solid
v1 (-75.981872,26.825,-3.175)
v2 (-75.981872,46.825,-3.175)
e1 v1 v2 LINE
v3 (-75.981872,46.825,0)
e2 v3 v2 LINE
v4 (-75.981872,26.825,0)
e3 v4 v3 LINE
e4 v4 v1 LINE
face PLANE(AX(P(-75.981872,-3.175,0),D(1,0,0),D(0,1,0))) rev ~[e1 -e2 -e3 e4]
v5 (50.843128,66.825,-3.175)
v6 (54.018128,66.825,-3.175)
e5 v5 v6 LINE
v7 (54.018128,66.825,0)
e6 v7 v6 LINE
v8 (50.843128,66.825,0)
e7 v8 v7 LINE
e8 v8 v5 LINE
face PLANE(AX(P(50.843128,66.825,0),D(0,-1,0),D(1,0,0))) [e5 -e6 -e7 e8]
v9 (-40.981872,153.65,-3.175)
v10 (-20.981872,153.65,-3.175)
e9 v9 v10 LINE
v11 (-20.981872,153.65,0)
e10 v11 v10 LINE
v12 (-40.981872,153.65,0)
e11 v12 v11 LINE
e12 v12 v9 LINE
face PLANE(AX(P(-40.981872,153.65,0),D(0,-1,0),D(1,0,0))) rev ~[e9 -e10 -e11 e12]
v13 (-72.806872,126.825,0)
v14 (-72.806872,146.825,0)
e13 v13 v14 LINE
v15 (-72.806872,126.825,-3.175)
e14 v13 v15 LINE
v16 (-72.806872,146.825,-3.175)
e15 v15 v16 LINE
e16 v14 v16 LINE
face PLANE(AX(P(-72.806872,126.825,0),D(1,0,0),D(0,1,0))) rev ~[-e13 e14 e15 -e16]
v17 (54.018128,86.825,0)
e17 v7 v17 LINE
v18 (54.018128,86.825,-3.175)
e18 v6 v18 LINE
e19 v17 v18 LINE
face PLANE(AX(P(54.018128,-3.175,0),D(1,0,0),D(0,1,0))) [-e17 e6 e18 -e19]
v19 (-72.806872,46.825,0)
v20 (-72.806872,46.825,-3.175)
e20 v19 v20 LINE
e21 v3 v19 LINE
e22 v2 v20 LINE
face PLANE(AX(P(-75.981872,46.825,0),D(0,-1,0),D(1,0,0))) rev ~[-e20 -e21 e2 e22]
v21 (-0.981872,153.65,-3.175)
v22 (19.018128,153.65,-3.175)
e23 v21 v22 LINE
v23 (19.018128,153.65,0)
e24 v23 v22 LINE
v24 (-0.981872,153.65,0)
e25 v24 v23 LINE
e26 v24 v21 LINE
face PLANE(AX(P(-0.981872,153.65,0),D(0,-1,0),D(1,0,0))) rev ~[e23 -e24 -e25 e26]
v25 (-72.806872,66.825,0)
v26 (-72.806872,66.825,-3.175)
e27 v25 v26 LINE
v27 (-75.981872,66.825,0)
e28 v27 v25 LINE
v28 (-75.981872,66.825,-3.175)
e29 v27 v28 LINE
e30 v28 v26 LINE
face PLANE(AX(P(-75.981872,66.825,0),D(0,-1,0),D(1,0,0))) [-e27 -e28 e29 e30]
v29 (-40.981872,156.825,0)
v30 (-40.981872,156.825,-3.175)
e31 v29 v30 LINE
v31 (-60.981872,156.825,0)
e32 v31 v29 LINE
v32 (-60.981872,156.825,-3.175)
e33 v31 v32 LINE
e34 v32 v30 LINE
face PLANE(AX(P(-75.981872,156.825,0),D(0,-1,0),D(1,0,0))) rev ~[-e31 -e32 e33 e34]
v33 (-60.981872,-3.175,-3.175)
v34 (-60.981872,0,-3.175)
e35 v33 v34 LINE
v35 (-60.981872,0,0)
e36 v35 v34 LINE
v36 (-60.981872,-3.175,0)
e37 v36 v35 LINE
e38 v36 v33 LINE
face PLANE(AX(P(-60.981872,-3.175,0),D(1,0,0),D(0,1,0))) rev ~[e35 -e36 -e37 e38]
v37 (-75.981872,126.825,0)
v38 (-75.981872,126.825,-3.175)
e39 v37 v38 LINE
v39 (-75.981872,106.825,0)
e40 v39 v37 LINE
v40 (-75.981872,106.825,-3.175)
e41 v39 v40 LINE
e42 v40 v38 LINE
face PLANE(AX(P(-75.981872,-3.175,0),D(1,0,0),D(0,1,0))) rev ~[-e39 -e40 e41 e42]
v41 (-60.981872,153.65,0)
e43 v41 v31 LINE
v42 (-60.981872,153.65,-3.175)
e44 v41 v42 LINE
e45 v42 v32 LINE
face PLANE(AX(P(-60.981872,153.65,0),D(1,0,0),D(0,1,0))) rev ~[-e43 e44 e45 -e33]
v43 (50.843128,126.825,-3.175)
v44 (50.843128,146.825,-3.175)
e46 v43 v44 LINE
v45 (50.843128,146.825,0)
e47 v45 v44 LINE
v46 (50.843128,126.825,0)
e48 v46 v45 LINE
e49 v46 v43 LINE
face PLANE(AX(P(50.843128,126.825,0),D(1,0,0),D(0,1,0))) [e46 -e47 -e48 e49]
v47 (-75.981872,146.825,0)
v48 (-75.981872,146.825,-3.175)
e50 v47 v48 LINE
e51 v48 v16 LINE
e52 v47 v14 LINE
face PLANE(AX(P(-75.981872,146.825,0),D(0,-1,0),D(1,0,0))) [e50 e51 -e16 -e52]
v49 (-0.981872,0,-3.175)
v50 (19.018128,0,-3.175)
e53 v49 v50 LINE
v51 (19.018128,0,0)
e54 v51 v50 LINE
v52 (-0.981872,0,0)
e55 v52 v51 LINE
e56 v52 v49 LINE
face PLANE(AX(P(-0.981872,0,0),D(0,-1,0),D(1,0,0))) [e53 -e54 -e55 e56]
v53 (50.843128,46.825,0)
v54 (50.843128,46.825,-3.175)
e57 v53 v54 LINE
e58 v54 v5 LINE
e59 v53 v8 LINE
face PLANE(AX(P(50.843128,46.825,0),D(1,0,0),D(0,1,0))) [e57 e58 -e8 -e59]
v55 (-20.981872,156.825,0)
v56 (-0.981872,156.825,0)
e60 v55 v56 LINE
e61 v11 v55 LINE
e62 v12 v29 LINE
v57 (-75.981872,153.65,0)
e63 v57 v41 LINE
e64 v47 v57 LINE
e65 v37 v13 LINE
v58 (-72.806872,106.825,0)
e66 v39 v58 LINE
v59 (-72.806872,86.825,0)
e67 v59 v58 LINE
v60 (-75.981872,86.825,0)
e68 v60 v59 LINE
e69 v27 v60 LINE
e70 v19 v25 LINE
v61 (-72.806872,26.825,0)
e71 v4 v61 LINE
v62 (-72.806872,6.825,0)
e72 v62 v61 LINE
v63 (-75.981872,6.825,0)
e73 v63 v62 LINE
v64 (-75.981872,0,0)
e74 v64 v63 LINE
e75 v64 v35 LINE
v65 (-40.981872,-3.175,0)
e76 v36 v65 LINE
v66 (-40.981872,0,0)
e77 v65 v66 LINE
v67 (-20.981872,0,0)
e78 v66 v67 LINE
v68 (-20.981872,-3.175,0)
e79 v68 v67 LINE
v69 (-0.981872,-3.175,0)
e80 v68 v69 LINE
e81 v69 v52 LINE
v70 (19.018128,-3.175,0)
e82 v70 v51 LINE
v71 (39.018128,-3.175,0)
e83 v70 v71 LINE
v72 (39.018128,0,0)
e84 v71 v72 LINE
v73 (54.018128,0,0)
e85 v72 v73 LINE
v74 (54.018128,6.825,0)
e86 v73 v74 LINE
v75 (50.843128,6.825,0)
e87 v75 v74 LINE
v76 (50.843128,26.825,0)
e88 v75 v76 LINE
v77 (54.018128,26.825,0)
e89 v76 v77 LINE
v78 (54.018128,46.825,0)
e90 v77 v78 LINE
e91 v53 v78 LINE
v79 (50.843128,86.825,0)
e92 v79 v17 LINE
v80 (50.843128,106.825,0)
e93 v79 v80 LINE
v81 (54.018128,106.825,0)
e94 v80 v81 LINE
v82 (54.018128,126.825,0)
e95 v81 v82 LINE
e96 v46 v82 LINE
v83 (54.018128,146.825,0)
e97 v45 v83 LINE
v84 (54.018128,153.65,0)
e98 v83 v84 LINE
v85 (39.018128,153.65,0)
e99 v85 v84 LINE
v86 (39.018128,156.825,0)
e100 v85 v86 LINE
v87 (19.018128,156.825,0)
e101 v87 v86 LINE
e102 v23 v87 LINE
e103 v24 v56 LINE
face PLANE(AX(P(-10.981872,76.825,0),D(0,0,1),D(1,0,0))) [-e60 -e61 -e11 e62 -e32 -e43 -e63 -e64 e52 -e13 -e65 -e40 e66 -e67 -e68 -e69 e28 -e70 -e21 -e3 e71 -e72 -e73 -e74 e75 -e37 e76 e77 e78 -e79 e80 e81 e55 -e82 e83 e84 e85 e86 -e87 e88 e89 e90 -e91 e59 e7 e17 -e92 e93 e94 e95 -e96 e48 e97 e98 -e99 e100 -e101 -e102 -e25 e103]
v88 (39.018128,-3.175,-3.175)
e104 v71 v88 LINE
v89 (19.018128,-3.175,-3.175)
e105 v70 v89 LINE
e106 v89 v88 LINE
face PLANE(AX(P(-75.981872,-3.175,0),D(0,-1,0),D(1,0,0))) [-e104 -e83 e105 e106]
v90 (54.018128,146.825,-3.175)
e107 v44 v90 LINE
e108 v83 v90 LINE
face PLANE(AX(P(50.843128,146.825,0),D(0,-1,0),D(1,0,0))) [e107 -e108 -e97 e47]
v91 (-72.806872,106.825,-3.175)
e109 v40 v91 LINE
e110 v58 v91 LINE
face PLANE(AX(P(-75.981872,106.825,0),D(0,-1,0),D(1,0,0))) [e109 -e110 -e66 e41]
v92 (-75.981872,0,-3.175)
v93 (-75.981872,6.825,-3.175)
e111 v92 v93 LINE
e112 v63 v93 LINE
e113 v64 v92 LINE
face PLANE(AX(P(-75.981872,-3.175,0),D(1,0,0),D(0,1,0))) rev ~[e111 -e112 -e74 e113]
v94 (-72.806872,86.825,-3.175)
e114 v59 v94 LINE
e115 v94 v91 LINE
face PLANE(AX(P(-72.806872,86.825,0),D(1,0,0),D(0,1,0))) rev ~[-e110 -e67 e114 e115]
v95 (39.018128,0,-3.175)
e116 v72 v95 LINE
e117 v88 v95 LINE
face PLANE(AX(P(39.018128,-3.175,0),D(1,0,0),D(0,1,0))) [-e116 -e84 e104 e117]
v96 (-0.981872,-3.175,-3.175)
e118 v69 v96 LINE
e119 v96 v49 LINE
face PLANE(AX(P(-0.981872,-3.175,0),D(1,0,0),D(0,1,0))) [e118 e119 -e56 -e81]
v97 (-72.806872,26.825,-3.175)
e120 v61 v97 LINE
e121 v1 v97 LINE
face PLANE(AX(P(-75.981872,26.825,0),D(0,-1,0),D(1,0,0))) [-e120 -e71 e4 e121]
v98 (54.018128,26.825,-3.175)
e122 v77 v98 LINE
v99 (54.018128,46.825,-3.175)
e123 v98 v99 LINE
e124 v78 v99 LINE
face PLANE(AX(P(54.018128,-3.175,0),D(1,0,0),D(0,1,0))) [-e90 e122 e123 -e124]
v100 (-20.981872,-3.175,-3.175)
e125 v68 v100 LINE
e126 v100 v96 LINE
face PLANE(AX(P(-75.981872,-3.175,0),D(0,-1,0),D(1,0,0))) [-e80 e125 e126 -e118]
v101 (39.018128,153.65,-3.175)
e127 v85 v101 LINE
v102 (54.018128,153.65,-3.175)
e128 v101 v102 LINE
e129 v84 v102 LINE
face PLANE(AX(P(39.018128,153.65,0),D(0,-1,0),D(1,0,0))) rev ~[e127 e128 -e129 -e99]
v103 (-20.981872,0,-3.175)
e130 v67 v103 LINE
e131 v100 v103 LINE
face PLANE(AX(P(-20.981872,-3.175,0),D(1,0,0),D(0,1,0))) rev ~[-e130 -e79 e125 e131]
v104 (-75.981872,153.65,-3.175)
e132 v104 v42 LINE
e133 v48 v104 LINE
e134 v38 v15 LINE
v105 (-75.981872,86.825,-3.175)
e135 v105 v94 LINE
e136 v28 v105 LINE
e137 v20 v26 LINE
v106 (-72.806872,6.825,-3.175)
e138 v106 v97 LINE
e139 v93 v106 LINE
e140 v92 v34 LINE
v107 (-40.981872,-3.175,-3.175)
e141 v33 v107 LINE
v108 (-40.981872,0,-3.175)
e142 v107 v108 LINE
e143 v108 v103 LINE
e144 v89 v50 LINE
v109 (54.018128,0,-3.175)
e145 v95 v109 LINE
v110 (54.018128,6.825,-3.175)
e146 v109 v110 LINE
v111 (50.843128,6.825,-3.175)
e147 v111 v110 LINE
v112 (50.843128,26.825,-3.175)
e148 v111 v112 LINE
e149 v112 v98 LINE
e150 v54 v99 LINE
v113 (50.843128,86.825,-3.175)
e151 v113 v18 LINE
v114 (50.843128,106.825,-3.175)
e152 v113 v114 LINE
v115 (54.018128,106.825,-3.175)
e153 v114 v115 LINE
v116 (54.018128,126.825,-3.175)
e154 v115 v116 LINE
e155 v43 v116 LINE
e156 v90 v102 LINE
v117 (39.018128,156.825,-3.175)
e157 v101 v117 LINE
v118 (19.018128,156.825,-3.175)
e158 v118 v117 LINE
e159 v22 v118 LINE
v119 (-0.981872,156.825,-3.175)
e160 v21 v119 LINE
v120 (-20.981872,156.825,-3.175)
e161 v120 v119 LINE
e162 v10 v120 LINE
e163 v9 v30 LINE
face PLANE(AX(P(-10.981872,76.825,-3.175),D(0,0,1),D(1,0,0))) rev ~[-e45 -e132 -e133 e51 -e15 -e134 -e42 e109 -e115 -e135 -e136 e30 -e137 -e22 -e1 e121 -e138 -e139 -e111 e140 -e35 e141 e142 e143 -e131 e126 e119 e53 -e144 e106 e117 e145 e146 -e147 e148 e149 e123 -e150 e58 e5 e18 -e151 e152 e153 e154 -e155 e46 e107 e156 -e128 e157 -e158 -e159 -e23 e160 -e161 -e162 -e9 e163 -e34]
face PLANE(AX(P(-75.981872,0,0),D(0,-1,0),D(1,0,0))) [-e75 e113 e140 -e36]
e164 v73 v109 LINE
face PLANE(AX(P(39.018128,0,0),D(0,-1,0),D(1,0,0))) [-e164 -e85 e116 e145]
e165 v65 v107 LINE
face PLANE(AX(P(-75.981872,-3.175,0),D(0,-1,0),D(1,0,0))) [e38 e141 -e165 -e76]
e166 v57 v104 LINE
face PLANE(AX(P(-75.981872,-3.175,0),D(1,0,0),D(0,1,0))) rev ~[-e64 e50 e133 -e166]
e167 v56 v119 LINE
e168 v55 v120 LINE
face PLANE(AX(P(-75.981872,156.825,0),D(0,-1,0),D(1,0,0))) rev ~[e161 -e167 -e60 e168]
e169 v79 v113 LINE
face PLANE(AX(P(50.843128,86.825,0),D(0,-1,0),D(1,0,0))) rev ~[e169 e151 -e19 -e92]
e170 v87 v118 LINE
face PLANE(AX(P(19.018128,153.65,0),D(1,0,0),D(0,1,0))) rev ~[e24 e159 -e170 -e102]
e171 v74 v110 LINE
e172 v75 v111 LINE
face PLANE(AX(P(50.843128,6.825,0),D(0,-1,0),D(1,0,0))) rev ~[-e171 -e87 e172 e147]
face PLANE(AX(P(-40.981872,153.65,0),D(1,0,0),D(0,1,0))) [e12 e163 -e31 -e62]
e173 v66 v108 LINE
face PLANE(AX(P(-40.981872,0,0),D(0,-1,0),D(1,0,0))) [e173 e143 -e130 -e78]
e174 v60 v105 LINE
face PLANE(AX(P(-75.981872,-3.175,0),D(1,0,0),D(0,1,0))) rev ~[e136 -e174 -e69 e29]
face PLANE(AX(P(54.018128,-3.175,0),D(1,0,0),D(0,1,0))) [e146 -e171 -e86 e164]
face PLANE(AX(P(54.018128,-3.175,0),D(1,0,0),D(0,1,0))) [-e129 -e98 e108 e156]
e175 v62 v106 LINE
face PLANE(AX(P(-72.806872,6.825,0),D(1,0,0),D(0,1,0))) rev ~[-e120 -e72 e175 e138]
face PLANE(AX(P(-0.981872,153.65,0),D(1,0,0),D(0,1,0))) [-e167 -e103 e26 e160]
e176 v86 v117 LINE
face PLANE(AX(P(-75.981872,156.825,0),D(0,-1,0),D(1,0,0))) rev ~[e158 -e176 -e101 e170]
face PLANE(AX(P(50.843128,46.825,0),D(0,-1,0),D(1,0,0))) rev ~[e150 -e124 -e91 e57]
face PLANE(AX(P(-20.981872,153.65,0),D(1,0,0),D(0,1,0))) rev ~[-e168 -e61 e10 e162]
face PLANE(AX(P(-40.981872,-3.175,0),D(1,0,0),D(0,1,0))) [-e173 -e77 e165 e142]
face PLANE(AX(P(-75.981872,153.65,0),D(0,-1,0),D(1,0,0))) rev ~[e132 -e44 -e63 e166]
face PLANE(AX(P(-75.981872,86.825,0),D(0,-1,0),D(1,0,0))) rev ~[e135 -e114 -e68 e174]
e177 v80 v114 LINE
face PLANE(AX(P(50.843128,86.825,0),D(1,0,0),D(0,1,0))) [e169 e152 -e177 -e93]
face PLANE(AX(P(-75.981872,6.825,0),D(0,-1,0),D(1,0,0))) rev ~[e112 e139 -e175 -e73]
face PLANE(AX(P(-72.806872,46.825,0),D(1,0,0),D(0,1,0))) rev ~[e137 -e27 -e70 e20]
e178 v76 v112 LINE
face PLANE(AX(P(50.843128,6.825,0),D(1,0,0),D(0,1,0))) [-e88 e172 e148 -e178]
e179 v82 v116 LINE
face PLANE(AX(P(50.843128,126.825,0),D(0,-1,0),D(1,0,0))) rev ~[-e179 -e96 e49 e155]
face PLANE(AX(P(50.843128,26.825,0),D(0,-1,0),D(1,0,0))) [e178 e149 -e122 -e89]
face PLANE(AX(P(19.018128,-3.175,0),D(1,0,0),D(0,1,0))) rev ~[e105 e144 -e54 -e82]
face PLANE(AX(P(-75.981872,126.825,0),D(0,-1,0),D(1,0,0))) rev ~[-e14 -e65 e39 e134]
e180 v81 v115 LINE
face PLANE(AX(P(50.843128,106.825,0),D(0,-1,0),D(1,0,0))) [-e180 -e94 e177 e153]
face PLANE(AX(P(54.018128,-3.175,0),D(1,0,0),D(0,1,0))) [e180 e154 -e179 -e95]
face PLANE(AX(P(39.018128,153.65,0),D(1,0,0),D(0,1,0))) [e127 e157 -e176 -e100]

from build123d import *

# Parameters (mm, degrees)
SKETCH1_W           = 130
SKETCH1_H           = 160
BOSS_EXTRUDE1_DEPTH = 3.175
SKETCH2_W           = 3.175
SKETCH2_H           = 20
SKETCH2_W_2         = 15
SKETCH2_H_2         = 3.175
SKETCH2_W_3         = 20
CUT_EXTRUDE1_DEPTH  = 3.175


with BuildPart() as part:
    # Sketch1 → Boss-Extrude1 (new body)
    with BuildSketch(Plane.XY):
        with Locations((-10.981871877, 76.825)):
            Rectangle(SKETCH1_W, SKETCH1_H)
    extrude(amount=-BOSS_EXTRUDE1_DEPTH)

    # Sketch2 → Cut-Extrude1 (cut)
    with BuildSketch(Plane.XY):
        with Locations((-74.394371877, 56.825)):
            Rectangle(SKETCH2_W, SKETCH2_H)
        with Locations((-74.394371877, 96.825)):
            Rectangle(SKETCH2_W, SKETCH2_H)
        with Locations((-74.394371877, 136.825)):
            Rectangle(SKETCH2_W, SKETCH2_H)
        with Locations((-68.481871877, 155.2375)):
            Rectangle(SKETCH2_W_2, SKETCH2_H_2)
        with Locations((-30.981871877, 155.2375)):
            Rectangle(SKETCH2_W_3, SKETCH2_H_2)
        with Locations((9.018128123, 155.2375)):
            Rectangle(SKETCH2_W_3, SKETCH2_H_2)
        with Locations((46.518128123, 155.2375)):
            Rectangle(SKETCH2_W_2, SKETCH2_H_2)
        with Locations((52.430628123, 136.825)):
            Rectangle(SKETCH2_W, SKETCH2_H)
        with Locations((52.430628123, 96.825)):
            Rectangle(SKETCH2_W, SKETCH2_H)
        with Locations((52.430628123, 56.825)):
            Rectangle(SKETCH2_W, SKETCH2_H)
        with Locations((52.430628123, 16.825)):
            Rectangle(SKETCH2_W, SKETCH2_H)
        with Locations((46.518128123, -1.5875)):
            Rectangle(SKETCH2_W_2, SKETCH2_H_2)
        with Locations((9.018128123, -1.5875)):
            Rectangle(SKETCH2_W_3, SKETCH2_H_2)
        with Locations((-30.981871877, -1.5875)):
            Rectangle(SKETCH2_W_3, SKETCH2_H_2)
        with Locations((-74.394371877, 16.825)):
            Rectangle(SKETCH2_W, SKETCH2_H)
        with Locations((-68.481871877, -1.5875)):
            Rectangle(SKETCH2_W_2, SKETCH2_H_2)
    extrude(amount=-CUT_EXTRUDE1_DEPTH, mode=Mode.SUBTRACT)


solid = part.part
